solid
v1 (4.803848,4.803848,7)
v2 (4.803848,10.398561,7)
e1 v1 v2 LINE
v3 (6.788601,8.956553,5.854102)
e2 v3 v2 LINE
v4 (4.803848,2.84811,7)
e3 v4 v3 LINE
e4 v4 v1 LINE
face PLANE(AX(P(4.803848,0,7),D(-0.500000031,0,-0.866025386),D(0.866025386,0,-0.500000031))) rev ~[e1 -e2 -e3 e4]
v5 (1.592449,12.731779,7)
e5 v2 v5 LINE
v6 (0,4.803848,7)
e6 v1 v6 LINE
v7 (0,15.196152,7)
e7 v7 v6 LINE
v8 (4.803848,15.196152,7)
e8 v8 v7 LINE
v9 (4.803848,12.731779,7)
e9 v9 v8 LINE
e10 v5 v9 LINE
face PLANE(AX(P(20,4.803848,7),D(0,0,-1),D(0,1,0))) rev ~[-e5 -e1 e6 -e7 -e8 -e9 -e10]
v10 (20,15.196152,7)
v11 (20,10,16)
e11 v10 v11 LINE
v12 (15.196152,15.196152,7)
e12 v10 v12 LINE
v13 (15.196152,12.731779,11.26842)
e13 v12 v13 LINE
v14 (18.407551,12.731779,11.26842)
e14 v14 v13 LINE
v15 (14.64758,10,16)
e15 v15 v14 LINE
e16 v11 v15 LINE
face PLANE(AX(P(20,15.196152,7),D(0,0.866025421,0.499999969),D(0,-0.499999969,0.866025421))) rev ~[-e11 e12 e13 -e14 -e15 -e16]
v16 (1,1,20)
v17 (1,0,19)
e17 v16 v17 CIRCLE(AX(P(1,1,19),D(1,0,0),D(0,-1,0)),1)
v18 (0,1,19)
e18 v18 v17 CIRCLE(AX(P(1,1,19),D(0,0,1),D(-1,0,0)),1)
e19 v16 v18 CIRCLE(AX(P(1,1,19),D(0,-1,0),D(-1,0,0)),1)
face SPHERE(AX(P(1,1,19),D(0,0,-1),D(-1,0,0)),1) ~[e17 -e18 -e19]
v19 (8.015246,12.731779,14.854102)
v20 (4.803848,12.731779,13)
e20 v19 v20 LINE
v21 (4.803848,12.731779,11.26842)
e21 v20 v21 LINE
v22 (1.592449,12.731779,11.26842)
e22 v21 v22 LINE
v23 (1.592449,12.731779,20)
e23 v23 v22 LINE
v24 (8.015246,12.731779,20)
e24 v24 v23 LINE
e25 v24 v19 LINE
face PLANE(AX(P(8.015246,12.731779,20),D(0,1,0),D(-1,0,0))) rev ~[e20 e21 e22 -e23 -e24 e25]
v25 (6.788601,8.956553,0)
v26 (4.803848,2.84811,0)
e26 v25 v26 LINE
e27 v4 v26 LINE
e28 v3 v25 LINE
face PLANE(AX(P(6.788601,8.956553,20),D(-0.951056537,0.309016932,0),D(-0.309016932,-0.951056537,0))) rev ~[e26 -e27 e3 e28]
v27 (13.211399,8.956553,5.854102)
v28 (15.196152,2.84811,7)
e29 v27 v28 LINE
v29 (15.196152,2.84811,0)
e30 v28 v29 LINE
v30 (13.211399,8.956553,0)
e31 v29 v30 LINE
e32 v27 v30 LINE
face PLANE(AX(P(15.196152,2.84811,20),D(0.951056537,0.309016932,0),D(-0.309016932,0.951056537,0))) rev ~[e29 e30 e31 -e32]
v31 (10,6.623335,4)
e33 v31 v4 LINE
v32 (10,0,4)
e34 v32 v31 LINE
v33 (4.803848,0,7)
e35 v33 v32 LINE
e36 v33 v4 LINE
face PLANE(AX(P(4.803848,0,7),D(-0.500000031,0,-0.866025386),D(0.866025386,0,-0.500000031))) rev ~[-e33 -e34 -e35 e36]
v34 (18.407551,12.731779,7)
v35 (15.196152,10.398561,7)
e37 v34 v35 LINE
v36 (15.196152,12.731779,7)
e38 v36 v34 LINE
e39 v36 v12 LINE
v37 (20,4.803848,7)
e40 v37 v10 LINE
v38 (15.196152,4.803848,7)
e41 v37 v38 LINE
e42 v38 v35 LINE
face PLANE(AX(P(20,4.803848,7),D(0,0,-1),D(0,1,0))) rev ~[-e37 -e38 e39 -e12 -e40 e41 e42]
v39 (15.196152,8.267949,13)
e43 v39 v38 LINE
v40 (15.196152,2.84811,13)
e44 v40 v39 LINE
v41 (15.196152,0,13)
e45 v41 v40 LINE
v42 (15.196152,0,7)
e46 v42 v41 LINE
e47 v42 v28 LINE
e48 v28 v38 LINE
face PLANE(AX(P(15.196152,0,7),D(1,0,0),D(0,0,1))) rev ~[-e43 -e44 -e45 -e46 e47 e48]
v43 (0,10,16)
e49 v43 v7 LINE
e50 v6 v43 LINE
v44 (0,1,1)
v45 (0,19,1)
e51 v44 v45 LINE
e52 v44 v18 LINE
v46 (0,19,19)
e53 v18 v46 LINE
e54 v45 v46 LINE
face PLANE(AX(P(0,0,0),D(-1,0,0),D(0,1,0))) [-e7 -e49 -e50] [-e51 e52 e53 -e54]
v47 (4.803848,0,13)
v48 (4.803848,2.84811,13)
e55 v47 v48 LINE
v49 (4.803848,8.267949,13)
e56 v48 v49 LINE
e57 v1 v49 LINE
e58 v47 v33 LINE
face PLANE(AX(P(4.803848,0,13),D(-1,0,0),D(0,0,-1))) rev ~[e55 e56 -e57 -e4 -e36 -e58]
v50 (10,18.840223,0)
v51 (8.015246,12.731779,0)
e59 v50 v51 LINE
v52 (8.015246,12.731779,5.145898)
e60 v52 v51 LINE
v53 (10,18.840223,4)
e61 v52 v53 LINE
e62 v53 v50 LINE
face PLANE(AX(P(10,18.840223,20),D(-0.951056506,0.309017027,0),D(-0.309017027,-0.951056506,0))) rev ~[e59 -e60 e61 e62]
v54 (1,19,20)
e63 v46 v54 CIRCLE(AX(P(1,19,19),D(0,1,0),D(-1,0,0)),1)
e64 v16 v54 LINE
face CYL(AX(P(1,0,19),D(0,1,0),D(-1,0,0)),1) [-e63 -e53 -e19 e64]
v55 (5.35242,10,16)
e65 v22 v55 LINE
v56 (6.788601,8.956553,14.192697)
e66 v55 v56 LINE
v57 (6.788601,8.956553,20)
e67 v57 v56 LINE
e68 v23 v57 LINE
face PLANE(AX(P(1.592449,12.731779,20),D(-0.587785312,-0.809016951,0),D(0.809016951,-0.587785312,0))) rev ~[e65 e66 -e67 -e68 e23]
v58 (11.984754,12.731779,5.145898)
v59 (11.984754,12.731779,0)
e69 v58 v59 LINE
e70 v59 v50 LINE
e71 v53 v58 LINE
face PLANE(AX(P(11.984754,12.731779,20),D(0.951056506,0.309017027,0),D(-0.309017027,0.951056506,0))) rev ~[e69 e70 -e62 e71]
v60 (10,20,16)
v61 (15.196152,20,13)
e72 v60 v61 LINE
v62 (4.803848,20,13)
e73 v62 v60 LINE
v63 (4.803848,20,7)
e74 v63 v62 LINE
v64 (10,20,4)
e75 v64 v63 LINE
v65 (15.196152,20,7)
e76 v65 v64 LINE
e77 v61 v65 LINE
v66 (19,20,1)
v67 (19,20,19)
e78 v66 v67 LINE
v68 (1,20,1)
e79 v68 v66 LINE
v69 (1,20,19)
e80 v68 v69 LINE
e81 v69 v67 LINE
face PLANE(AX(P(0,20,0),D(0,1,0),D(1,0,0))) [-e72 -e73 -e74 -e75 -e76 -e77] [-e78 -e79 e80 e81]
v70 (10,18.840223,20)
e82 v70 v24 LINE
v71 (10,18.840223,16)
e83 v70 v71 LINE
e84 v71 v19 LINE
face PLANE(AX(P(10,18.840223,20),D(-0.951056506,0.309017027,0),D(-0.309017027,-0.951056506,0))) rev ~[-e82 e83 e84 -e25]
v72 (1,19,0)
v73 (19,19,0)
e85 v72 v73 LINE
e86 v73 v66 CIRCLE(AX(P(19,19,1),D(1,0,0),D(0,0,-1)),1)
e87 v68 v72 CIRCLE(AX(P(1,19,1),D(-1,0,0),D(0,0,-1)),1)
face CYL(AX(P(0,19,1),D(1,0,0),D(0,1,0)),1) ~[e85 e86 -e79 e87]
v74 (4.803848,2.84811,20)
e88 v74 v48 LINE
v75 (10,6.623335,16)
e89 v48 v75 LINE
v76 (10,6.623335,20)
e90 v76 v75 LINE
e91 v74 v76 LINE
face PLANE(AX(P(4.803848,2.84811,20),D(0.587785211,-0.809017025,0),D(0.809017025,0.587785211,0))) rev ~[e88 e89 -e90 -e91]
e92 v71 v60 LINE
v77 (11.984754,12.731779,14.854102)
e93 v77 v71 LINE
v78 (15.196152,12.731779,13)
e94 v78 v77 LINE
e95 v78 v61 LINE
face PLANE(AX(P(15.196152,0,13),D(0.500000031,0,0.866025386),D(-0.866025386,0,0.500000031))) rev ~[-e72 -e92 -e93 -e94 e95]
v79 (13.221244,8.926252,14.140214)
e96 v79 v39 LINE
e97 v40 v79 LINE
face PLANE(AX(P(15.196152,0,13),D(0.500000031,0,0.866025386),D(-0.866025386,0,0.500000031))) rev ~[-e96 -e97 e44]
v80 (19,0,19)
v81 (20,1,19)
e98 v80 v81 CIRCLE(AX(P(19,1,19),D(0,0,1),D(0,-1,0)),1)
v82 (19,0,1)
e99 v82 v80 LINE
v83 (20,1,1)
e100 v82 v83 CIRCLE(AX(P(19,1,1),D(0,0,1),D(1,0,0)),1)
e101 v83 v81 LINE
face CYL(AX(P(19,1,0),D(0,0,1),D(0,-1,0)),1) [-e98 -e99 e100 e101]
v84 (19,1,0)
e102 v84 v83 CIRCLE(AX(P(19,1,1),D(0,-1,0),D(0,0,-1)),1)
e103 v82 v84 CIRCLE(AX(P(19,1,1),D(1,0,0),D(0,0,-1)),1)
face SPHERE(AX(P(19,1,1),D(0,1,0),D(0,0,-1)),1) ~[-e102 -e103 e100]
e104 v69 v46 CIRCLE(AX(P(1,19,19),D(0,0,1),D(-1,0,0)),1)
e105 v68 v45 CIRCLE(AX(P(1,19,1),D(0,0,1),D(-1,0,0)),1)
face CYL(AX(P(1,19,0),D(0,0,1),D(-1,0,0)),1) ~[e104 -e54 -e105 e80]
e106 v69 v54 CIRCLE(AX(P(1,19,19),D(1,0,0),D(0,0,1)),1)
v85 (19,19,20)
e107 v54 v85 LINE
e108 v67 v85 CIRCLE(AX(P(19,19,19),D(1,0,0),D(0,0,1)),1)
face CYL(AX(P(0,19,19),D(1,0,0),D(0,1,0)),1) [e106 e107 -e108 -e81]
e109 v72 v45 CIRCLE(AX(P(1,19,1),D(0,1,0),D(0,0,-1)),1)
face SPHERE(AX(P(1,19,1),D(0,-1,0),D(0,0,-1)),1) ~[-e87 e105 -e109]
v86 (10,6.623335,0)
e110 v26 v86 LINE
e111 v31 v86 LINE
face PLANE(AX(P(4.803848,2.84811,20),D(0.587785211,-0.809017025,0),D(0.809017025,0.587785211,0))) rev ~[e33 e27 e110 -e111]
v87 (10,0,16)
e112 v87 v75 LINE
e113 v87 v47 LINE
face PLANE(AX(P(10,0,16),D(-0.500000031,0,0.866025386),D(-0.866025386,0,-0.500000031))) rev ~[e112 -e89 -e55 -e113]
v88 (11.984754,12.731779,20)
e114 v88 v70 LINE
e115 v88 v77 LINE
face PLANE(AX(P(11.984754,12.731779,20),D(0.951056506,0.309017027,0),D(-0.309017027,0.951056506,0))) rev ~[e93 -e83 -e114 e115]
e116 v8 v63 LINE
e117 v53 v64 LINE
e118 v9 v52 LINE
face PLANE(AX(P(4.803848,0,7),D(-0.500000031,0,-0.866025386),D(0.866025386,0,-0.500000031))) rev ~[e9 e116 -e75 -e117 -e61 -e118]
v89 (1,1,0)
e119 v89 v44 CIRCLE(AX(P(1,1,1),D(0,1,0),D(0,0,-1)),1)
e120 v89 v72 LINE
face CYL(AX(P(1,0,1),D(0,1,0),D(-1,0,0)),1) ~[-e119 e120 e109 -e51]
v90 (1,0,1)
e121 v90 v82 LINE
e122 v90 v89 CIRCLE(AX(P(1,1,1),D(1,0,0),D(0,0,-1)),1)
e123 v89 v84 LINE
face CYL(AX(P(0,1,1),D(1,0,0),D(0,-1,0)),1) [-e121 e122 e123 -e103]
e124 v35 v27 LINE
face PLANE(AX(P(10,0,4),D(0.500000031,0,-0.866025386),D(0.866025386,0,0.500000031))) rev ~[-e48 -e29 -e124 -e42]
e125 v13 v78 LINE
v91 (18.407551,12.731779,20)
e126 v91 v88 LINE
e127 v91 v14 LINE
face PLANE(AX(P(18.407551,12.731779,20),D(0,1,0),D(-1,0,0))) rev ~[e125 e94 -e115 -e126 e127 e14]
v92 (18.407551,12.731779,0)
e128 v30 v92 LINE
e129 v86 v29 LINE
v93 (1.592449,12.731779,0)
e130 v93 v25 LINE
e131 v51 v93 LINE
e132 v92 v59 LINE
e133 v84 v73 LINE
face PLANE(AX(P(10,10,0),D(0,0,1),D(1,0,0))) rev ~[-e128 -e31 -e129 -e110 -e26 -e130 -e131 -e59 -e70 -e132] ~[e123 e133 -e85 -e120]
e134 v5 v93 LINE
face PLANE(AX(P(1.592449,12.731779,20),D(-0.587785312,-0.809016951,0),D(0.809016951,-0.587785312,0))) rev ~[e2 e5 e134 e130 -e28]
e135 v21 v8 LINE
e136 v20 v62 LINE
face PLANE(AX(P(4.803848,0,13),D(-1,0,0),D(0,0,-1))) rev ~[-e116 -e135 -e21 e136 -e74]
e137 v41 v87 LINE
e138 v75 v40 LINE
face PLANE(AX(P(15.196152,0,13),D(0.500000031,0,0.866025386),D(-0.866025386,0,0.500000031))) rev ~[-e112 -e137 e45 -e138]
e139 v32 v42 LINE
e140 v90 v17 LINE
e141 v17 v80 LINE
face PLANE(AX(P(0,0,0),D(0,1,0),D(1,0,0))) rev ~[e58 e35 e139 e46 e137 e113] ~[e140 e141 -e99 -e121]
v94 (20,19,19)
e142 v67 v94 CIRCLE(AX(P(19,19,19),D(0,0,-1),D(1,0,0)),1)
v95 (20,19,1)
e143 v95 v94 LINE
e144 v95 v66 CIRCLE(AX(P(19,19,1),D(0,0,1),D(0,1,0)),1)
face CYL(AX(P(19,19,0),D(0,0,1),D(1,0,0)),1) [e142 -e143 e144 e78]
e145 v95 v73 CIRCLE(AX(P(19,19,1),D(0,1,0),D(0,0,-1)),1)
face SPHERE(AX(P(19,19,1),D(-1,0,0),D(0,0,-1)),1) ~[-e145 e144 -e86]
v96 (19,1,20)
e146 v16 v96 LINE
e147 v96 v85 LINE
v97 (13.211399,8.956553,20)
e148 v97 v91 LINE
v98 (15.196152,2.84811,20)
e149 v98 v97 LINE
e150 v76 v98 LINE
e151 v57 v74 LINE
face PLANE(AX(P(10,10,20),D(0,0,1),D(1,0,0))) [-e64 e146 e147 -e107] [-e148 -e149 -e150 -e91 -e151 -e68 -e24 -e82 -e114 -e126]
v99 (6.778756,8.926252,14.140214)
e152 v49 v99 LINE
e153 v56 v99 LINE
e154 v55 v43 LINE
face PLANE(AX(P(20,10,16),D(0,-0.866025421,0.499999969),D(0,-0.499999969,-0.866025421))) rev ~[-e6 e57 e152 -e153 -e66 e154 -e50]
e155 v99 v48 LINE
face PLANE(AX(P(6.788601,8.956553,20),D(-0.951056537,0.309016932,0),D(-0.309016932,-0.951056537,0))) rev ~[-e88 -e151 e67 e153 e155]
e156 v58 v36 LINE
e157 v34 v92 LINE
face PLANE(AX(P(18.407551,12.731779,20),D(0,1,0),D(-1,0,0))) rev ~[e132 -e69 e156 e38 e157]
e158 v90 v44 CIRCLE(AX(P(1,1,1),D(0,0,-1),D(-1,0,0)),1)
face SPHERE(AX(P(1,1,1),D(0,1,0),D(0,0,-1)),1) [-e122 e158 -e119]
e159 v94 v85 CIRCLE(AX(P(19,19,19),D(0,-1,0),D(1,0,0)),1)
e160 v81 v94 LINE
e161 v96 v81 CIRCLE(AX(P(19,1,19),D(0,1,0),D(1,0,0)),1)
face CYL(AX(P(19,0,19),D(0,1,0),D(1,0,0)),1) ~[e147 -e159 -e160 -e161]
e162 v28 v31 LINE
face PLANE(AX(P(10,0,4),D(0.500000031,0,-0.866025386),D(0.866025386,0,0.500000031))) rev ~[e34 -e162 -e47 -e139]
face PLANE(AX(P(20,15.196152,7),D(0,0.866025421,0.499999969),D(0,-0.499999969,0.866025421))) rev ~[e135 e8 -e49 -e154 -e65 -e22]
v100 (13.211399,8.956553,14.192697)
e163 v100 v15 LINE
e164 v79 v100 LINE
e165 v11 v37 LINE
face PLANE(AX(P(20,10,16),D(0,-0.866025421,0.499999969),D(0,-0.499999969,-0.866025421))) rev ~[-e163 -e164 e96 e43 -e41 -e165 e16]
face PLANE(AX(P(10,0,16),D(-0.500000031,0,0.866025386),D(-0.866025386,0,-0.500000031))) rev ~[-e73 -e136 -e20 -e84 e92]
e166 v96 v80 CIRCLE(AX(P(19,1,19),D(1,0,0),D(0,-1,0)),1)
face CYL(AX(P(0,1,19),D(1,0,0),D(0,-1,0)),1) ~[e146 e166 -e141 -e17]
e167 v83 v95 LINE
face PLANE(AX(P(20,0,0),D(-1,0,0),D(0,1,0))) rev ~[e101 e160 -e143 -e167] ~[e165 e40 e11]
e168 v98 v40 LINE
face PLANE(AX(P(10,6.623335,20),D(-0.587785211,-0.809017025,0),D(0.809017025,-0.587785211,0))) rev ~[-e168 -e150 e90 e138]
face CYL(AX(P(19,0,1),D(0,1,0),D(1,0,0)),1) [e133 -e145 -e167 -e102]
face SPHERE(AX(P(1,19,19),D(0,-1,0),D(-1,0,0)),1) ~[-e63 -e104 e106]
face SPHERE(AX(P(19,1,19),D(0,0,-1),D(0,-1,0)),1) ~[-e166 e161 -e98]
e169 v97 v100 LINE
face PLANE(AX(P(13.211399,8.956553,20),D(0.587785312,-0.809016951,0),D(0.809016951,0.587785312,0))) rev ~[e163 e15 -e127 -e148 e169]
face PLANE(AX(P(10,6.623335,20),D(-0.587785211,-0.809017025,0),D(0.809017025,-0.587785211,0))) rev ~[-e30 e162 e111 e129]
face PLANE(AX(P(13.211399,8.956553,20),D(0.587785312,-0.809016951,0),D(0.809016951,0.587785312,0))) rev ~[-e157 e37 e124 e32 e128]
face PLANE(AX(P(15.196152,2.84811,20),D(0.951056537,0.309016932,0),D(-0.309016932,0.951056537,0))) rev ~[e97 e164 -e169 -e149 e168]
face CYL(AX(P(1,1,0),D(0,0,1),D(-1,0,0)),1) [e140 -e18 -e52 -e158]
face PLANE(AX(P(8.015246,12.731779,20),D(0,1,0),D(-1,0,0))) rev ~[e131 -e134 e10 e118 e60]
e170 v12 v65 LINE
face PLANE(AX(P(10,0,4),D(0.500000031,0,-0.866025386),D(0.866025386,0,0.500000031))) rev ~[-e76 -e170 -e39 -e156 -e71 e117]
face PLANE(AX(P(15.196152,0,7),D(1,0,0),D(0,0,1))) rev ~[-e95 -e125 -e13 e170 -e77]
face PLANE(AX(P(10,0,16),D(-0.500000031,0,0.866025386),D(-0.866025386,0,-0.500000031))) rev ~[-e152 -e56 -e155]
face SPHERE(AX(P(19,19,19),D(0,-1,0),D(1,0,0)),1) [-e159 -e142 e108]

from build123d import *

# Parameters (mm, degrees)
BOX_W           = 20
BOX_H           = 20
BOX_DEPTH       = 20
FILLET_R        = 1
POCKET_DEPTH    = 20.001
POCKET001_DEPTH = 20.001
POCKET002_DEPTH = 20.001


with BuildPart() as part:
    # Box → Box (new body)
    with BuildSketch(Plane.XY):
        with Locations((10, 10)):
            Rectangle(BOX_W, BOX_H)
    extrude(amount=BOX_DEPTH)

    # Fillet
    fillet_edges = [part.edges().sort_by_distance(p)[0] for p in [
        (0, 10, 0),
        (10, 20, 0),
        (20, 10, 0),
        (10, 0, 0),
        (0, 0, 10),
        (0, 10, 20),
        (0, 20, 10),
        (20, 0, 10),
        (10, 0, 20),
        (20, 10, 20),
        (20, 20, 10),
        (10, 20, 20),
    ]]
    fillet(fillet_edges, radius=FILLET_R)

    # Sketch (on Face9 of Fillet) → Pocket (cut, through all)
    with BuildSketch(Plane.XZ):
        Polygon((15.196152, 7), (15.196152, 13), (10, 16), (4.803848, 13), (4.803848, 7), (10, 4), align=None)
    extrude(amount=-POCKET_DEPTH, mode=Mode.SUBTRACT)

    # Sketch001 (on Face30 of Pocket) → Pocket001 (cut, through all)
    with BuildSketch(Plane.YZ.offset(20)):
        Polygon((15.196152, 7), (10, 16), (4.803848, 7), align=None)
    extrude(amount=-POCKET001_DEPTH, mode=Mode.SUBTRACT)

    # Sketch002 (on Face16 of Pocket001) → Pocket002 (cut, through all)
    with BuildSketch(Plane.XY.offset(20)):
        Polygon((13.211399, 8.956553), (18.407551, 12.731779), (11.984754, 12.731779), (10, 18.840223), (8.015246, 12.731779), (1.592449, 12.731779), (6.788601, 8.956553), (4.803848, 2.84811), (10, 6.623335), (15.196152, 2.84811), align=None)
    extrude(amount=-POCKET002_DEPTH, mode=Mode.SUBTRACT)


solid = part.part
